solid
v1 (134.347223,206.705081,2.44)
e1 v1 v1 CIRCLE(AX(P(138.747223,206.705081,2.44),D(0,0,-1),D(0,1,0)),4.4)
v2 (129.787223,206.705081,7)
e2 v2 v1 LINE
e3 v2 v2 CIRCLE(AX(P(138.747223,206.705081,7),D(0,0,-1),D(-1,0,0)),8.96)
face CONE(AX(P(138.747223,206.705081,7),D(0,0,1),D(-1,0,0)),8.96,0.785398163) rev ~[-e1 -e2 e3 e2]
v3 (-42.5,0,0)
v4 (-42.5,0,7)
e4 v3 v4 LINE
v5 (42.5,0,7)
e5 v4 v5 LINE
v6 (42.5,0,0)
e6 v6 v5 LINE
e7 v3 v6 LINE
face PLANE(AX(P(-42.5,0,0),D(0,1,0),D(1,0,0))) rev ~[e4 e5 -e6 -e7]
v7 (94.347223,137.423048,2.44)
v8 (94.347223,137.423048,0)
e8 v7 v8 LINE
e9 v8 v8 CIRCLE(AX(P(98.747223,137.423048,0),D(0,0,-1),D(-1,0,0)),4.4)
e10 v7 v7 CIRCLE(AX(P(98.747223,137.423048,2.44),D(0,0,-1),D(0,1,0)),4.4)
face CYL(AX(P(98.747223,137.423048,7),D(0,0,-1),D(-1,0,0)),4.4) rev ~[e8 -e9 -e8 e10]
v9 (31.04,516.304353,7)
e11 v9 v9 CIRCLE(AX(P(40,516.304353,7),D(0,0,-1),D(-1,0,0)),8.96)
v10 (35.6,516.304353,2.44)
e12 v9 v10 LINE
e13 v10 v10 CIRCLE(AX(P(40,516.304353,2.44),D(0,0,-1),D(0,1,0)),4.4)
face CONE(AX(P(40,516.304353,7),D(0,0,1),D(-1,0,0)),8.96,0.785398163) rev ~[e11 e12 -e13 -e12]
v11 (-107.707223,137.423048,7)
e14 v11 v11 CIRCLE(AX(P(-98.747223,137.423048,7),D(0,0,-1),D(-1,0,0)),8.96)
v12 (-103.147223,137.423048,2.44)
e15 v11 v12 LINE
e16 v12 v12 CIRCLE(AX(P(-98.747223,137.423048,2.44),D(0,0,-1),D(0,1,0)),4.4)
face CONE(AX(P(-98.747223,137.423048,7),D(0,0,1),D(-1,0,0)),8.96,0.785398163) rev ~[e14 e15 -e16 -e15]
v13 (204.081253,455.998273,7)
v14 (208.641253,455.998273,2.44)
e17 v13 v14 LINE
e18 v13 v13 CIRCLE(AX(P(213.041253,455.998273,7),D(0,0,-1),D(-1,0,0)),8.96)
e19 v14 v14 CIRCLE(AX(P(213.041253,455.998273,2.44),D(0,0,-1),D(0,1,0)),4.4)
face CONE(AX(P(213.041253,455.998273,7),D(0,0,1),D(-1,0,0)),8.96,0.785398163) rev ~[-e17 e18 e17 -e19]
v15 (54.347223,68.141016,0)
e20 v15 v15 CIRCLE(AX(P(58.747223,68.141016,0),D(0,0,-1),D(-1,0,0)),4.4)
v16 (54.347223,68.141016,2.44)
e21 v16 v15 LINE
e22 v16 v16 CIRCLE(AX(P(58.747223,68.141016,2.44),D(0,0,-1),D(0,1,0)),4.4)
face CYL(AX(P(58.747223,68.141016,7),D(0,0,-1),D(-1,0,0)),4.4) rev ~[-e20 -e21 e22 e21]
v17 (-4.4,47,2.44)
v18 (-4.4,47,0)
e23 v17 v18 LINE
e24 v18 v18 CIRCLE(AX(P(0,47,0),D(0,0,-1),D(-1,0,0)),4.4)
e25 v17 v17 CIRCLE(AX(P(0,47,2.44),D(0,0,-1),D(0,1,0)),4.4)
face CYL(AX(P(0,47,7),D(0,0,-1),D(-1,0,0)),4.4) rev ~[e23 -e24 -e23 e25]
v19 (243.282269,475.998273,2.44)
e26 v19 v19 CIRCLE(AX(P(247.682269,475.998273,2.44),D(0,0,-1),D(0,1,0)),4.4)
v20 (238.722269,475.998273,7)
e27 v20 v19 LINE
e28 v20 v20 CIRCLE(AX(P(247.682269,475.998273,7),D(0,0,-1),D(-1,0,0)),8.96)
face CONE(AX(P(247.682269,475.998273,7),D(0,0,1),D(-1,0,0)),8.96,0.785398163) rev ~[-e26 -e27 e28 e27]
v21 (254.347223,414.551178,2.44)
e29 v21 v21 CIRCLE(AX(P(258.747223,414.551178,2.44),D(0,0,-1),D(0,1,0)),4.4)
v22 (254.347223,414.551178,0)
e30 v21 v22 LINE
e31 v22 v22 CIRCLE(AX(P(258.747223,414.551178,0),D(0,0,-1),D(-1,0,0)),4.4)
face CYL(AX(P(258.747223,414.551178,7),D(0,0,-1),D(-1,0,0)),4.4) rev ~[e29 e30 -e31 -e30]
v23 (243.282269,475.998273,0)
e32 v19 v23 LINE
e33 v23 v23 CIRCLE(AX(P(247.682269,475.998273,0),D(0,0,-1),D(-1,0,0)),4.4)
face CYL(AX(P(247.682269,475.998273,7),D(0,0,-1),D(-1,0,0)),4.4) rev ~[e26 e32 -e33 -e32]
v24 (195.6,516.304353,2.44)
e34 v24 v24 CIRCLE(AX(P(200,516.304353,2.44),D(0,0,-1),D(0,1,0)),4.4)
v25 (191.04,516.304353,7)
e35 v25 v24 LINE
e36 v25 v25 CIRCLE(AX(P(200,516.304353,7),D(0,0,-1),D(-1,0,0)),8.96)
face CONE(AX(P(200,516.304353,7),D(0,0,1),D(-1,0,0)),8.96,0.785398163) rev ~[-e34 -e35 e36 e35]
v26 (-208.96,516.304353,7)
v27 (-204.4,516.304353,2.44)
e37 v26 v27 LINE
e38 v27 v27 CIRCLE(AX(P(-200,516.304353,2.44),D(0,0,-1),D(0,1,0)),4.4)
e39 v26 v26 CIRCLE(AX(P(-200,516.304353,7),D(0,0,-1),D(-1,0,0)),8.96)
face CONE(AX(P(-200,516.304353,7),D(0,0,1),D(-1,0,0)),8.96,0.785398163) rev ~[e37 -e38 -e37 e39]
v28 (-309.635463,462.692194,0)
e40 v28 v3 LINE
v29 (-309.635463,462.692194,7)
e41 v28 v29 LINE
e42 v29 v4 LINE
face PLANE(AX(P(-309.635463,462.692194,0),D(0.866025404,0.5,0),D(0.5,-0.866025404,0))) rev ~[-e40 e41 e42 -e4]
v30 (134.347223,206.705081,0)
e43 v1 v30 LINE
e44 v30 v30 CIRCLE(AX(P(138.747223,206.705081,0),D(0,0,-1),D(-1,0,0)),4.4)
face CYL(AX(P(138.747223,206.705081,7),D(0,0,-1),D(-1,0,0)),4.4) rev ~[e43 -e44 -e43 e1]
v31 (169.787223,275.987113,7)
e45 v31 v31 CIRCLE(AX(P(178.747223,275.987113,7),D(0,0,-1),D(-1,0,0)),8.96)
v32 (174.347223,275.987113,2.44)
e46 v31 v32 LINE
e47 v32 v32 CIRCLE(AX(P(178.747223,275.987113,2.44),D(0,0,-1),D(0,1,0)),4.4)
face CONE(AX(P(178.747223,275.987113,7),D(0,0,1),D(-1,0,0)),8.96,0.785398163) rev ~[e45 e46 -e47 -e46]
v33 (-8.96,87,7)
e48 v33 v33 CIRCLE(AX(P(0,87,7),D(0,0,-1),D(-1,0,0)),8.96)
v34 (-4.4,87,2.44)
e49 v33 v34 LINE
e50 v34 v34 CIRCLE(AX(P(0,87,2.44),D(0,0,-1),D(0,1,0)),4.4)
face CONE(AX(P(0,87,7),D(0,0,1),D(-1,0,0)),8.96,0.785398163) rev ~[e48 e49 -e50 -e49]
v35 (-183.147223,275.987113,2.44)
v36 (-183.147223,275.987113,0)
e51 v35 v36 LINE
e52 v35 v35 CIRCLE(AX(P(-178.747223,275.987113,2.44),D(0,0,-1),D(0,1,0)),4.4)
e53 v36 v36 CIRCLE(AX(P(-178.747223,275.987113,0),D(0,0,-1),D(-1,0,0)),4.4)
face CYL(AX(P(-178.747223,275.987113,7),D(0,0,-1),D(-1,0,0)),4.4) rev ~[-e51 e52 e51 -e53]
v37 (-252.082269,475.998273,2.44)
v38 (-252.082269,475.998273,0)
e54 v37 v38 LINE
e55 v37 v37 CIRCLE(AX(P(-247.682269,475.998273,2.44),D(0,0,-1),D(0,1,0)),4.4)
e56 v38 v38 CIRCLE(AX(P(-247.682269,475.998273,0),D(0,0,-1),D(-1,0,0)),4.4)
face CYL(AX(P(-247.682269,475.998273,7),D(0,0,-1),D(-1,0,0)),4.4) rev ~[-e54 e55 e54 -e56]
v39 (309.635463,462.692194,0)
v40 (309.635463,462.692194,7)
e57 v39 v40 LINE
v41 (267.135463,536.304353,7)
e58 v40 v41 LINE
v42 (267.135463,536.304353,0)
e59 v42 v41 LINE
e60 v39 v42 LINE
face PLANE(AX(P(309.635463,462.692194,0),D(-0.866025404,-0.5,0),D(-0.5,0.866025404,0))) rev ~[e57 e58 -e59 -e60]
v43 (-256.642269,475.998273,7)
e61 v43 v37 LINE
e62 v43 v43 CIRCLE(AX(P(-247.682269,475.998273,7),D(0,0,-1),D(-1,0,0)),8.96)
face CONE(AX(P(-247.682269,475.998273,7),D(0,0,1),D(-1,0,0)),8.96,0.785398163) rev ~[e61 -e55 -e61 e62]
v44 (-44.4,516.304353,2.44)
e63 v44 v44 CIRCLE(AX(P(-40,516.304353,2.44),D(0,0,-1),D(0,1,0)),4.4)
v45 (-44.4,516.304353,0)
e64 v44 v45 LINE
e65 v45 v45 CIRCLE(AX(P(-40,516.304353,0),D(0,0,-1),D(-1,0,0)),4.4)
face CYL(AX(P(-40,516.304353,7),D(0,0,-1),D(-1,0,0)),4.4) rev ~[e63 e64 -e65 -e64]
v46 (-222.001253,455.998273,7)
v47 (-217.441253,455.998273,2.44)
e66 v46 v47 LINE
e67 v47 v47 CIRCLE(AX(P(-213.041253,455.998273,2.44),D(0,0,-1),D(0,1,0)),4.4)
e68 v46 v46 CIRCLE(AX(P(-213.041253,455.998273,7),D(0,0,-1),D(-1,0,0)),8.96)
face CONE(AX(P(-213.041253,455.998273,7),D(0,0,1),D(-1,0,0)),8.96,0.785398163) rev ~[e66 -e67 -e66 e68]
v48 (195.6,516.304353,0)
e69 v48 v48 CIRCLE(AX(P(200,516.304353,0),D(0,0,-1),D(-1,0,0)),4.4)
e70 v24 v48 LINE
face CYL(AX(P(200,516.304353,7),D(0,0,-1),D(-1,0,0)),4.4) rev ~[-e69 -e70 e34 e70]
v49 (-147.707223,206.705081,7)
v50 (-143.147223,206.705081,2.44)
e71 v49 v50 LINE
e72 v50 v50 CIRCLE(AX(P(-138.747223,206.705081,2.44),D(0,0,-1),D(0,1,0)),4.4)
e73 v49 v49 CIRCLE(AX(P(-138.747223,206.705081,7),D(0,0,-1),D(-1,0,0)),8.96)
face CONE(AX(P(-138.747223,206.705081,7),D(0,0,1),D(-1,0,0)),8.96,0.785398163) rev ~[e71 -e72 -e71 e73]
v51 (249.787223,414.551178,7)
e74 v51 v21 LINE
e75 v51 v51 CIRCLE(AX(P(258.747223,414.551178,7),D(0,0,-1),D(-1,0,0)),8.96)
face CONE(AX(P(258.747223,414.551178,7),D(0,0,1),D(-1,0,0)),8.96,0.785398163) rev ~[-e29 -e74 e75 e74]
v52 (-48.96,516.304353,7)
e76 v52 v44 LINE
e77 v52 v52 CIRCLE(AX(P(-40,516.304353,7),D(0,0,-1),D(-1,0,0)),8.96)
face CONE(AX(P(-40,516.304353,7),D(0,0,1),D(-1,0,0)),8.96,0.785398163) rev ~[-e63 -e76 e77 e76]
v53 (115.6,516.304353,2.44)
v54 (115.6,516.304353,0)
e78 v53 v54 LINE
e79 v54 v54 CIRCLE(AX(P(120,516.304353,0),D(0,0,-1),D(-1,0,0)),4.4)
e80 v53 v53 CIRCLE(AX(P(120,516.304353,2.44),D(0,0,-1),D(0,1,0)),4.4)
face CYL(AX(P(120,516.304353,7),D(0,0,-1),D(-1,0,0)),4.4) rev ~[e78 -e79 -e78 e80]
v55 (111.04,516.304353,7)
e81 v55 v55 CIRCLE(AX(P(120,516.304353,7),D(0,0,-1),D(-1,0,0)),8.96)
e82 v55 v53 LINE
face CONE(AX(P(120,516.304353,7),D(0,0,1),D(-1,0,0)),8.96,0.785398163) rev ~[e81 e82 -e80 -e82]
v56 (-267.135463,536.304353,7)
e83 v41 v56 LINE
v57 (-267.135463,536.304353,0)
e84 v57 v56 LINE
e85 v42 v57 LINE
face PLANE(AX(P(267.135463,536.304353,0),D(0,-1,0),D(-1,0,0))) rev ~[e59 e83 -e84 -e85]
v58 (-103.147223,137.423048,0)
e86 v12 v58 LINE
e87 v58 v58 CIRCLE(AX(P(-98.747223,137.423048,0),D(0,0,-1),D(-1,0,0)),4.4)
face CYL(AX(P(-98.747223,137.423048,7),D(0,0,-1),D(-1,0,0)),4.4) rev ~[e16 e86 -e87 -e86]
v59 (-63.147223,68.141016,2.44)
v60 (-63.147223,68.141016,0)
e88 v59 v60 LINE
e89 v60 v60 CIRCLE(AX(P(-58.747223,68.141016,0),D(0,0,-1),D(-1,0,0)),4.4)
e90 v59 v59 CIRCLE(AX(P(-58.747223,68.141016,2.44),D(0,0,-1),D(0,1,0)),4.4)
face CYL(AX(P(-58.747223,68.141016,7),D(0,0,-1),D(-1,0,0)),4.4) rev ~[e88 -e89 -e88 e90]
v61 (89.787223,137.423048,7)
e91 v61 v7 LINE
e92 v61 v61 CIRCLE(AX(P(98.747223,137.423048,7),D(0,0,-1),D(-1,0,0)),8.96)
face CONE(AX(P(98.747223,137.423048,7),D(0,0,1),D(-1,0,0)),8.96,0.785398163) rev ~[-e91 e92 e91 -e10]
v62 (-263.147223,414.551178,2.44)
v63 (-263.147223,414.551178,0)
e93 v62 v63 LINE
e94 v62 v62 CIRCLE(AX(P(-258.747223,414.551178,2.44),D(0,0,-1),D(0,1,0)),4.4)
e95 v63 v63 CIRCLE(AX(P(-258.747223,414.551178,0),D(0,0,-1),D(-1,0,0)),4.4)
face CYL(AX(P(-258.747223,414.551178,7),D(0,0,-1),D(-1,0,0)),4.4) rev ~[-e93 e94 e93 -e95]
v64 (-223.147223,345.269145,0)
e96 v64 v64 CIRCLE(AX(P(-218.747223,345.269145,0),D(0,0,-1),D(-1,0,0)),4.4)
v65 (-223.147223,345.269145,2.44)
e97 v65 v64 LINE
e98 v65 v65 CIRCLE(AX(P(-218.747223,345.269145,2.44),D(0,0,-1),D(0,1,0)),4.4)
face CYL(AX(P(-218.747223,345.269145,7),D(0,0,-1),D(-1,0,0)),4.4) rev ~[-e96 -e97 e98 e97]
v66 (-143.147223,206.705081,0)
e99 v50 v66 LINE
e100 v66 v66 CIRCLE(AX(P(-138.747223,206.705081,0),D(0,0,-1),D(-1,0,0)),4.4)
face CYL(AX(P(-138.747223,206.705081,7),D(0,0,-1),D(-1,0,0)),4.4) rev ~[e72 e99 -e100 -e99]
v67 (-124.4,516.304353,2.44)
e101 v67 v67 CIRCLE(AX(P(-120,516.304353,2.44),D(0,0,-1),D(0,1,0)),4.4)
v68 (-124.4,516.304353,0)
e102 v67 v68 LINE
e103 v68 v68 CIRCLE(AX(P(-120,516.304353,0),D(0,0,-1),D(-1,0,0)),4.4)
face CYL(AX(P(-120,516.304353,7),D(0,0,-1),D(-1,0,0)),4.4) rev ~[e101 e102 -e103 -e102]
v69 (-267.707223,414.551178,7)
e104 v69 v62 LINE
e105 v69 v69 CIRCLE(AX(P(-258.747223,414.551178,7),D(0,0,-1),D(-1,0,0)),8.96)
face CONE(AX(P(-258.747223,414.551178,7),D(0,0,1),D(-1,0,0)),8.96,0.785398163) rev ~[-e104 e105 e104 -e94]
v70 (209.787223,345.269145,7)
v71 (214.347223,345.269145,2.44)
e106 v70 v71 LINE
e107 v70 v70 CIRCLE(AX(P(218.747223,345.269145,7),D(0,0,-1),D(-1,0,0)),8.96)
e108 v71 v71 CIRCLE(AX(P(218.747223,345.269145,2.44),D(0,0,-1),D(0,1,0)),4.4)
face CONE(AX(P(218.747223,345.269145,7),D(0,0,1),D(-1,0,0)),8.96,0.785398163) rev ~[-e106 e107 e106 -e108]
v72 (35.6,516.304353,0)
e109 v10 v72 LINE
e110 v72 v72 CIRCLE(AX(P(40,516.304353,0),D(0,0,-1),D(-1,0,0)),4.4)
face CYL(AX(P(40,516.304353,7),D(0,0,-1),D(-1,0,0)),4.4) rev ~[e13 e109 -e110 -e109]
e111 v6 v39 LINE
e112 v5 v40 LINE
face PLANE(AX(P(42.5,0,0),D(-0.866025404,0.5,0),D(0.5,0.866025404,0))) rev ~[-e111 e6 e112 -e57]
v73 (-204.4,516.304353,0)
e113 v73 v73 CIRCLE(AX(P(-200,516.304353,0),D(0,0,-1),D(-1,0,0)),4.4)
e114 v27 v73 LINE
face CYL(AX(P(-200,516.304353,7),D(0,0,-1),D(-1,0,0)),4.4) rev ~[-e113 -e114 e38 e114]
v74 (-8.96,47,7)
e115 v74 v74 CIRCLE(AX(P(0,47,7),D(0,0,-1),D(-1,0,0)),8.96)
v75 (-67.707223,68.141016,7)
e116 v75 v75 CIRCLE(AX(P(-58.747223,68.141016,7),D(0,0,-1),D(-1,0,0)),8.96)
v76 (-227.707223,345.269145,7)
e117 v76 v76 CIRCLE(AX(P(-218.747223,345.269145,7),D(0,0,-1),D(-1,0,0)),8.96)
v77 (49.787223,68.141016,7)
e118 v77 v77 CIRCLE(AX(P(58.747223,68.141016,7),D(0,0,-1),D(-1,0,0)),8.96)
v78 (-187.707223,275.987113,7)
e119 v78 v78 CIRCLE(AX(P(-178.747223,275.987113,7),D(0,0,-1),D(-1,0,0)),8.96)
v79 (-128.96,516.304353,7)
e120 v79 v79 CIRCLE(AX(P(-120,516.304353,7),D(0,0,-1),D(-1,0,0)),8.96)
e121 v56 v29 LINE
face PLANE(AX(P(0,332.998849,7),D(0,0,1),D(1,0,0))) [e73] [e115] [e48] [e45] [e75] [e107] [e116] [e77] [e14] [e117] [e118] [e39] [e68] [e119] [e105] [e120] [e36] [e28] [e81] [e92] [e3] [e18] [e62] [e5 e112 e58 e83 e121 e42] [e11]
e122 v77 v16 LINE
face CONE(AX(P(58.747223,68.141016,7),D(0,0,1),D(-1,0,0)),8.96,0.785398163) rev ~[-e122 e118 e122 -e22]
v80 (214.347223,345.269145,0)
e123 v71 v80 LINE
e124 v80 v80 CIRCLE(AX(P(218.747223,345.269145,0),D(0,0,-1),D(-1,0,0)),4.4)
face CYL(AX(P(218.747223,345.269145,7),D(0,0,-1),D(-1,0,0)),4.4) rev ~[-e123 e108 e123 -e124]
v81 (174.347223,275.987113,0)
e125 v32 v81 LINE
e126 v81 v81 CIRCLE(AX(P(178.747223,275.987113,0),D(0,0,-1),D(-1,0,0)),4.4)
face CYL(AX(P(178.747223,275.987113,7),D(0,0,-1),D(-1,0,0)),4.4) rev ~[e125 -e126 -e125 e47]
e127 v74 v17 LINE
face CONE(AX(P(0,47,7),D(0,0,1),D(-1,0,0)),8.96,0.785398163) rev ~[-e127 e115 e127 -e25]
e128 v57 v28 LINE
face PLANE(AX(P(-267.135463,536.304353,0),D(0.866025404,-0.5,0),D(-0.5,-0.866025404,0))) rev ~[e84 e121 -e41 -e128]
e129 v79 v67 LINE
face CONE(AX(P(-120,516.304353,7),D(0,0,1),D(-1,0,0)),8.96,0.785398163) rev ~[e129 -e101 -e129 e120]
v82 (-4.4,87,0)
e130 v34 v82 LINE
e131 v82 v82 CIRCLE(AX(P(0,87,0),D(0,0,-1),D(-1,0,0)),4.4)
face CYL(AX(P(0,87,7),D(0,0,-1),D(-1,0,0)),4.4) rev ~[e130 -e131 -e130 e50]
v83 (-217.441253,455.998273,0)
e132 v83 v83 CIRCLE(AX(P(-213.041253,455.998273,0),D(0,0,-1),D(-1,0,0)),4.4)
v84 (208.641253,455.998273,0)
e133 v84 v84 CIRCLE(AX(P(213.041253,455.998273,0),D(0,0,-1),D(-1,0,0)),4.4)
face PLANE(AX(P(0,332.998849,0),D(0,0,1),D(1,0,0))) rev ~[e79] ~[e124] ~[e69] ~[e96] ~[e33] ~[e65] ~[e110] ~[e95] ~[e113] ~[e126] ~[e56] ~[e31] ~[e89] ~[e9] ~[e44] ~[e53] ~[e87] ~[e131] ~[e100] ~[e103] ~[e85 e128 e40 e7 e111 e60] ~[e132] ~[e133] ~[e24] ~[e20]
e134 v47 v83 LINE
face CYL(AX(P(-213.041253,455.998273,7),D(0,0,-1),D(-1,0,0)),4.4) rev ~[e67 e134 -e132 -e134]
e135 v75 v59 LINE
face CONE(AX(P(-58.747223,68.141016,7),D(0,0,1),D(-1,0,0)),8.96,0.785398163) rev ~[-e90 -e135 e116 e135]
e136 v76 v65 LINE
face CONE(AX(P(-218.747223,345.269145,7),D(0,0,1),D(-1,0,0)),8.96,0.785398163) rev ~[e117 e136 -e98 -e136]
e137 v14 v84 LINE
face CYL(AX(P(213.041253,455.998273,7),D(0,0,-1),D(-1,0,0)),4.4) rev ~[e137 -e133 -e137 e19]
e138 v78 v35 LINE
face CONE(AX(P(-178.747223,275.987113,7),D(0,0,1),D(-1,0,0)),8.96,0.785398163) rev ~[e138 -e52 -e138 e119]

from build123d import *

# Parameters (mm, degrees)
F1_DEPTH       = 7
F3_D           = 8.8
F3_CSINK_D     = 17.92
F3_CSINK_ANGLE = 90
F5_D           = 8.8
F5_CSINK_D     = 17.92
F5_CSINK_ANGLE = 90


with BuildPart() as f1:
    # F0 (on Top) → F1 (new body)
    with BuildSketch(Plane.XY):
        Polygon((-69.6354626519, 47), (-42.5, 0), (42.5, 0), (69.6354626519, 47), (309.6354626519, 462.6921938165), (267.1354626519, 536.3043531382), (-267.1354626519, 536.3043531382), (-309.6354626519, 462.6921938165), align=None)
    extrude(amount=F1_DEPTH)

    # F3 (through all)
    with Locations(Plane.XY.offset(7)):
        with Locations((-247.682268674, 475.9982734774), (247.682268674, 475.9982734774), (0, 47)):
            CounterSinkHole(F3_D / 2, F3_CSINK_D / 2, counter_sink_angle=F3_CSINK_ANGLE)

    # F5 (through all)
    with Locations(Plane.XY.offset(7)):
        with Locations((-200, 516.3043531382), (-120, 516.3043531382), (-40, 516.3043531382), (40, 516.3043531382), (120, 516.3043531382), (200, 516.3043531382), (-258.7472232503, 414.5511776652), (-218.7472232503, 345.2691453624), (-178.7472232503, 275.9871130596), (-138.7472232503, 206.7050807569), (-98.7472232503, 137.4230484541), (-58.7472232503, 68.1410161514), (58.7472232503, 68.1410161514), (98.7472232503, 137.4230484541), (138.7472232503, 206.7050807569), (178.7472232503, 275.9871130596), (218.7472232503, 345.2691453624), (258.7472232503, 414.5511776652), (0, 87), (-213.0412525227, 455.9982734774), (213.0412525227, 455.9982734774)):
            CounterSinkHole(F5_D / 2, F5_CSINK_D / 2, counter_sink_angle=F5_CSINK_ANGLE)


solid = f1.part
